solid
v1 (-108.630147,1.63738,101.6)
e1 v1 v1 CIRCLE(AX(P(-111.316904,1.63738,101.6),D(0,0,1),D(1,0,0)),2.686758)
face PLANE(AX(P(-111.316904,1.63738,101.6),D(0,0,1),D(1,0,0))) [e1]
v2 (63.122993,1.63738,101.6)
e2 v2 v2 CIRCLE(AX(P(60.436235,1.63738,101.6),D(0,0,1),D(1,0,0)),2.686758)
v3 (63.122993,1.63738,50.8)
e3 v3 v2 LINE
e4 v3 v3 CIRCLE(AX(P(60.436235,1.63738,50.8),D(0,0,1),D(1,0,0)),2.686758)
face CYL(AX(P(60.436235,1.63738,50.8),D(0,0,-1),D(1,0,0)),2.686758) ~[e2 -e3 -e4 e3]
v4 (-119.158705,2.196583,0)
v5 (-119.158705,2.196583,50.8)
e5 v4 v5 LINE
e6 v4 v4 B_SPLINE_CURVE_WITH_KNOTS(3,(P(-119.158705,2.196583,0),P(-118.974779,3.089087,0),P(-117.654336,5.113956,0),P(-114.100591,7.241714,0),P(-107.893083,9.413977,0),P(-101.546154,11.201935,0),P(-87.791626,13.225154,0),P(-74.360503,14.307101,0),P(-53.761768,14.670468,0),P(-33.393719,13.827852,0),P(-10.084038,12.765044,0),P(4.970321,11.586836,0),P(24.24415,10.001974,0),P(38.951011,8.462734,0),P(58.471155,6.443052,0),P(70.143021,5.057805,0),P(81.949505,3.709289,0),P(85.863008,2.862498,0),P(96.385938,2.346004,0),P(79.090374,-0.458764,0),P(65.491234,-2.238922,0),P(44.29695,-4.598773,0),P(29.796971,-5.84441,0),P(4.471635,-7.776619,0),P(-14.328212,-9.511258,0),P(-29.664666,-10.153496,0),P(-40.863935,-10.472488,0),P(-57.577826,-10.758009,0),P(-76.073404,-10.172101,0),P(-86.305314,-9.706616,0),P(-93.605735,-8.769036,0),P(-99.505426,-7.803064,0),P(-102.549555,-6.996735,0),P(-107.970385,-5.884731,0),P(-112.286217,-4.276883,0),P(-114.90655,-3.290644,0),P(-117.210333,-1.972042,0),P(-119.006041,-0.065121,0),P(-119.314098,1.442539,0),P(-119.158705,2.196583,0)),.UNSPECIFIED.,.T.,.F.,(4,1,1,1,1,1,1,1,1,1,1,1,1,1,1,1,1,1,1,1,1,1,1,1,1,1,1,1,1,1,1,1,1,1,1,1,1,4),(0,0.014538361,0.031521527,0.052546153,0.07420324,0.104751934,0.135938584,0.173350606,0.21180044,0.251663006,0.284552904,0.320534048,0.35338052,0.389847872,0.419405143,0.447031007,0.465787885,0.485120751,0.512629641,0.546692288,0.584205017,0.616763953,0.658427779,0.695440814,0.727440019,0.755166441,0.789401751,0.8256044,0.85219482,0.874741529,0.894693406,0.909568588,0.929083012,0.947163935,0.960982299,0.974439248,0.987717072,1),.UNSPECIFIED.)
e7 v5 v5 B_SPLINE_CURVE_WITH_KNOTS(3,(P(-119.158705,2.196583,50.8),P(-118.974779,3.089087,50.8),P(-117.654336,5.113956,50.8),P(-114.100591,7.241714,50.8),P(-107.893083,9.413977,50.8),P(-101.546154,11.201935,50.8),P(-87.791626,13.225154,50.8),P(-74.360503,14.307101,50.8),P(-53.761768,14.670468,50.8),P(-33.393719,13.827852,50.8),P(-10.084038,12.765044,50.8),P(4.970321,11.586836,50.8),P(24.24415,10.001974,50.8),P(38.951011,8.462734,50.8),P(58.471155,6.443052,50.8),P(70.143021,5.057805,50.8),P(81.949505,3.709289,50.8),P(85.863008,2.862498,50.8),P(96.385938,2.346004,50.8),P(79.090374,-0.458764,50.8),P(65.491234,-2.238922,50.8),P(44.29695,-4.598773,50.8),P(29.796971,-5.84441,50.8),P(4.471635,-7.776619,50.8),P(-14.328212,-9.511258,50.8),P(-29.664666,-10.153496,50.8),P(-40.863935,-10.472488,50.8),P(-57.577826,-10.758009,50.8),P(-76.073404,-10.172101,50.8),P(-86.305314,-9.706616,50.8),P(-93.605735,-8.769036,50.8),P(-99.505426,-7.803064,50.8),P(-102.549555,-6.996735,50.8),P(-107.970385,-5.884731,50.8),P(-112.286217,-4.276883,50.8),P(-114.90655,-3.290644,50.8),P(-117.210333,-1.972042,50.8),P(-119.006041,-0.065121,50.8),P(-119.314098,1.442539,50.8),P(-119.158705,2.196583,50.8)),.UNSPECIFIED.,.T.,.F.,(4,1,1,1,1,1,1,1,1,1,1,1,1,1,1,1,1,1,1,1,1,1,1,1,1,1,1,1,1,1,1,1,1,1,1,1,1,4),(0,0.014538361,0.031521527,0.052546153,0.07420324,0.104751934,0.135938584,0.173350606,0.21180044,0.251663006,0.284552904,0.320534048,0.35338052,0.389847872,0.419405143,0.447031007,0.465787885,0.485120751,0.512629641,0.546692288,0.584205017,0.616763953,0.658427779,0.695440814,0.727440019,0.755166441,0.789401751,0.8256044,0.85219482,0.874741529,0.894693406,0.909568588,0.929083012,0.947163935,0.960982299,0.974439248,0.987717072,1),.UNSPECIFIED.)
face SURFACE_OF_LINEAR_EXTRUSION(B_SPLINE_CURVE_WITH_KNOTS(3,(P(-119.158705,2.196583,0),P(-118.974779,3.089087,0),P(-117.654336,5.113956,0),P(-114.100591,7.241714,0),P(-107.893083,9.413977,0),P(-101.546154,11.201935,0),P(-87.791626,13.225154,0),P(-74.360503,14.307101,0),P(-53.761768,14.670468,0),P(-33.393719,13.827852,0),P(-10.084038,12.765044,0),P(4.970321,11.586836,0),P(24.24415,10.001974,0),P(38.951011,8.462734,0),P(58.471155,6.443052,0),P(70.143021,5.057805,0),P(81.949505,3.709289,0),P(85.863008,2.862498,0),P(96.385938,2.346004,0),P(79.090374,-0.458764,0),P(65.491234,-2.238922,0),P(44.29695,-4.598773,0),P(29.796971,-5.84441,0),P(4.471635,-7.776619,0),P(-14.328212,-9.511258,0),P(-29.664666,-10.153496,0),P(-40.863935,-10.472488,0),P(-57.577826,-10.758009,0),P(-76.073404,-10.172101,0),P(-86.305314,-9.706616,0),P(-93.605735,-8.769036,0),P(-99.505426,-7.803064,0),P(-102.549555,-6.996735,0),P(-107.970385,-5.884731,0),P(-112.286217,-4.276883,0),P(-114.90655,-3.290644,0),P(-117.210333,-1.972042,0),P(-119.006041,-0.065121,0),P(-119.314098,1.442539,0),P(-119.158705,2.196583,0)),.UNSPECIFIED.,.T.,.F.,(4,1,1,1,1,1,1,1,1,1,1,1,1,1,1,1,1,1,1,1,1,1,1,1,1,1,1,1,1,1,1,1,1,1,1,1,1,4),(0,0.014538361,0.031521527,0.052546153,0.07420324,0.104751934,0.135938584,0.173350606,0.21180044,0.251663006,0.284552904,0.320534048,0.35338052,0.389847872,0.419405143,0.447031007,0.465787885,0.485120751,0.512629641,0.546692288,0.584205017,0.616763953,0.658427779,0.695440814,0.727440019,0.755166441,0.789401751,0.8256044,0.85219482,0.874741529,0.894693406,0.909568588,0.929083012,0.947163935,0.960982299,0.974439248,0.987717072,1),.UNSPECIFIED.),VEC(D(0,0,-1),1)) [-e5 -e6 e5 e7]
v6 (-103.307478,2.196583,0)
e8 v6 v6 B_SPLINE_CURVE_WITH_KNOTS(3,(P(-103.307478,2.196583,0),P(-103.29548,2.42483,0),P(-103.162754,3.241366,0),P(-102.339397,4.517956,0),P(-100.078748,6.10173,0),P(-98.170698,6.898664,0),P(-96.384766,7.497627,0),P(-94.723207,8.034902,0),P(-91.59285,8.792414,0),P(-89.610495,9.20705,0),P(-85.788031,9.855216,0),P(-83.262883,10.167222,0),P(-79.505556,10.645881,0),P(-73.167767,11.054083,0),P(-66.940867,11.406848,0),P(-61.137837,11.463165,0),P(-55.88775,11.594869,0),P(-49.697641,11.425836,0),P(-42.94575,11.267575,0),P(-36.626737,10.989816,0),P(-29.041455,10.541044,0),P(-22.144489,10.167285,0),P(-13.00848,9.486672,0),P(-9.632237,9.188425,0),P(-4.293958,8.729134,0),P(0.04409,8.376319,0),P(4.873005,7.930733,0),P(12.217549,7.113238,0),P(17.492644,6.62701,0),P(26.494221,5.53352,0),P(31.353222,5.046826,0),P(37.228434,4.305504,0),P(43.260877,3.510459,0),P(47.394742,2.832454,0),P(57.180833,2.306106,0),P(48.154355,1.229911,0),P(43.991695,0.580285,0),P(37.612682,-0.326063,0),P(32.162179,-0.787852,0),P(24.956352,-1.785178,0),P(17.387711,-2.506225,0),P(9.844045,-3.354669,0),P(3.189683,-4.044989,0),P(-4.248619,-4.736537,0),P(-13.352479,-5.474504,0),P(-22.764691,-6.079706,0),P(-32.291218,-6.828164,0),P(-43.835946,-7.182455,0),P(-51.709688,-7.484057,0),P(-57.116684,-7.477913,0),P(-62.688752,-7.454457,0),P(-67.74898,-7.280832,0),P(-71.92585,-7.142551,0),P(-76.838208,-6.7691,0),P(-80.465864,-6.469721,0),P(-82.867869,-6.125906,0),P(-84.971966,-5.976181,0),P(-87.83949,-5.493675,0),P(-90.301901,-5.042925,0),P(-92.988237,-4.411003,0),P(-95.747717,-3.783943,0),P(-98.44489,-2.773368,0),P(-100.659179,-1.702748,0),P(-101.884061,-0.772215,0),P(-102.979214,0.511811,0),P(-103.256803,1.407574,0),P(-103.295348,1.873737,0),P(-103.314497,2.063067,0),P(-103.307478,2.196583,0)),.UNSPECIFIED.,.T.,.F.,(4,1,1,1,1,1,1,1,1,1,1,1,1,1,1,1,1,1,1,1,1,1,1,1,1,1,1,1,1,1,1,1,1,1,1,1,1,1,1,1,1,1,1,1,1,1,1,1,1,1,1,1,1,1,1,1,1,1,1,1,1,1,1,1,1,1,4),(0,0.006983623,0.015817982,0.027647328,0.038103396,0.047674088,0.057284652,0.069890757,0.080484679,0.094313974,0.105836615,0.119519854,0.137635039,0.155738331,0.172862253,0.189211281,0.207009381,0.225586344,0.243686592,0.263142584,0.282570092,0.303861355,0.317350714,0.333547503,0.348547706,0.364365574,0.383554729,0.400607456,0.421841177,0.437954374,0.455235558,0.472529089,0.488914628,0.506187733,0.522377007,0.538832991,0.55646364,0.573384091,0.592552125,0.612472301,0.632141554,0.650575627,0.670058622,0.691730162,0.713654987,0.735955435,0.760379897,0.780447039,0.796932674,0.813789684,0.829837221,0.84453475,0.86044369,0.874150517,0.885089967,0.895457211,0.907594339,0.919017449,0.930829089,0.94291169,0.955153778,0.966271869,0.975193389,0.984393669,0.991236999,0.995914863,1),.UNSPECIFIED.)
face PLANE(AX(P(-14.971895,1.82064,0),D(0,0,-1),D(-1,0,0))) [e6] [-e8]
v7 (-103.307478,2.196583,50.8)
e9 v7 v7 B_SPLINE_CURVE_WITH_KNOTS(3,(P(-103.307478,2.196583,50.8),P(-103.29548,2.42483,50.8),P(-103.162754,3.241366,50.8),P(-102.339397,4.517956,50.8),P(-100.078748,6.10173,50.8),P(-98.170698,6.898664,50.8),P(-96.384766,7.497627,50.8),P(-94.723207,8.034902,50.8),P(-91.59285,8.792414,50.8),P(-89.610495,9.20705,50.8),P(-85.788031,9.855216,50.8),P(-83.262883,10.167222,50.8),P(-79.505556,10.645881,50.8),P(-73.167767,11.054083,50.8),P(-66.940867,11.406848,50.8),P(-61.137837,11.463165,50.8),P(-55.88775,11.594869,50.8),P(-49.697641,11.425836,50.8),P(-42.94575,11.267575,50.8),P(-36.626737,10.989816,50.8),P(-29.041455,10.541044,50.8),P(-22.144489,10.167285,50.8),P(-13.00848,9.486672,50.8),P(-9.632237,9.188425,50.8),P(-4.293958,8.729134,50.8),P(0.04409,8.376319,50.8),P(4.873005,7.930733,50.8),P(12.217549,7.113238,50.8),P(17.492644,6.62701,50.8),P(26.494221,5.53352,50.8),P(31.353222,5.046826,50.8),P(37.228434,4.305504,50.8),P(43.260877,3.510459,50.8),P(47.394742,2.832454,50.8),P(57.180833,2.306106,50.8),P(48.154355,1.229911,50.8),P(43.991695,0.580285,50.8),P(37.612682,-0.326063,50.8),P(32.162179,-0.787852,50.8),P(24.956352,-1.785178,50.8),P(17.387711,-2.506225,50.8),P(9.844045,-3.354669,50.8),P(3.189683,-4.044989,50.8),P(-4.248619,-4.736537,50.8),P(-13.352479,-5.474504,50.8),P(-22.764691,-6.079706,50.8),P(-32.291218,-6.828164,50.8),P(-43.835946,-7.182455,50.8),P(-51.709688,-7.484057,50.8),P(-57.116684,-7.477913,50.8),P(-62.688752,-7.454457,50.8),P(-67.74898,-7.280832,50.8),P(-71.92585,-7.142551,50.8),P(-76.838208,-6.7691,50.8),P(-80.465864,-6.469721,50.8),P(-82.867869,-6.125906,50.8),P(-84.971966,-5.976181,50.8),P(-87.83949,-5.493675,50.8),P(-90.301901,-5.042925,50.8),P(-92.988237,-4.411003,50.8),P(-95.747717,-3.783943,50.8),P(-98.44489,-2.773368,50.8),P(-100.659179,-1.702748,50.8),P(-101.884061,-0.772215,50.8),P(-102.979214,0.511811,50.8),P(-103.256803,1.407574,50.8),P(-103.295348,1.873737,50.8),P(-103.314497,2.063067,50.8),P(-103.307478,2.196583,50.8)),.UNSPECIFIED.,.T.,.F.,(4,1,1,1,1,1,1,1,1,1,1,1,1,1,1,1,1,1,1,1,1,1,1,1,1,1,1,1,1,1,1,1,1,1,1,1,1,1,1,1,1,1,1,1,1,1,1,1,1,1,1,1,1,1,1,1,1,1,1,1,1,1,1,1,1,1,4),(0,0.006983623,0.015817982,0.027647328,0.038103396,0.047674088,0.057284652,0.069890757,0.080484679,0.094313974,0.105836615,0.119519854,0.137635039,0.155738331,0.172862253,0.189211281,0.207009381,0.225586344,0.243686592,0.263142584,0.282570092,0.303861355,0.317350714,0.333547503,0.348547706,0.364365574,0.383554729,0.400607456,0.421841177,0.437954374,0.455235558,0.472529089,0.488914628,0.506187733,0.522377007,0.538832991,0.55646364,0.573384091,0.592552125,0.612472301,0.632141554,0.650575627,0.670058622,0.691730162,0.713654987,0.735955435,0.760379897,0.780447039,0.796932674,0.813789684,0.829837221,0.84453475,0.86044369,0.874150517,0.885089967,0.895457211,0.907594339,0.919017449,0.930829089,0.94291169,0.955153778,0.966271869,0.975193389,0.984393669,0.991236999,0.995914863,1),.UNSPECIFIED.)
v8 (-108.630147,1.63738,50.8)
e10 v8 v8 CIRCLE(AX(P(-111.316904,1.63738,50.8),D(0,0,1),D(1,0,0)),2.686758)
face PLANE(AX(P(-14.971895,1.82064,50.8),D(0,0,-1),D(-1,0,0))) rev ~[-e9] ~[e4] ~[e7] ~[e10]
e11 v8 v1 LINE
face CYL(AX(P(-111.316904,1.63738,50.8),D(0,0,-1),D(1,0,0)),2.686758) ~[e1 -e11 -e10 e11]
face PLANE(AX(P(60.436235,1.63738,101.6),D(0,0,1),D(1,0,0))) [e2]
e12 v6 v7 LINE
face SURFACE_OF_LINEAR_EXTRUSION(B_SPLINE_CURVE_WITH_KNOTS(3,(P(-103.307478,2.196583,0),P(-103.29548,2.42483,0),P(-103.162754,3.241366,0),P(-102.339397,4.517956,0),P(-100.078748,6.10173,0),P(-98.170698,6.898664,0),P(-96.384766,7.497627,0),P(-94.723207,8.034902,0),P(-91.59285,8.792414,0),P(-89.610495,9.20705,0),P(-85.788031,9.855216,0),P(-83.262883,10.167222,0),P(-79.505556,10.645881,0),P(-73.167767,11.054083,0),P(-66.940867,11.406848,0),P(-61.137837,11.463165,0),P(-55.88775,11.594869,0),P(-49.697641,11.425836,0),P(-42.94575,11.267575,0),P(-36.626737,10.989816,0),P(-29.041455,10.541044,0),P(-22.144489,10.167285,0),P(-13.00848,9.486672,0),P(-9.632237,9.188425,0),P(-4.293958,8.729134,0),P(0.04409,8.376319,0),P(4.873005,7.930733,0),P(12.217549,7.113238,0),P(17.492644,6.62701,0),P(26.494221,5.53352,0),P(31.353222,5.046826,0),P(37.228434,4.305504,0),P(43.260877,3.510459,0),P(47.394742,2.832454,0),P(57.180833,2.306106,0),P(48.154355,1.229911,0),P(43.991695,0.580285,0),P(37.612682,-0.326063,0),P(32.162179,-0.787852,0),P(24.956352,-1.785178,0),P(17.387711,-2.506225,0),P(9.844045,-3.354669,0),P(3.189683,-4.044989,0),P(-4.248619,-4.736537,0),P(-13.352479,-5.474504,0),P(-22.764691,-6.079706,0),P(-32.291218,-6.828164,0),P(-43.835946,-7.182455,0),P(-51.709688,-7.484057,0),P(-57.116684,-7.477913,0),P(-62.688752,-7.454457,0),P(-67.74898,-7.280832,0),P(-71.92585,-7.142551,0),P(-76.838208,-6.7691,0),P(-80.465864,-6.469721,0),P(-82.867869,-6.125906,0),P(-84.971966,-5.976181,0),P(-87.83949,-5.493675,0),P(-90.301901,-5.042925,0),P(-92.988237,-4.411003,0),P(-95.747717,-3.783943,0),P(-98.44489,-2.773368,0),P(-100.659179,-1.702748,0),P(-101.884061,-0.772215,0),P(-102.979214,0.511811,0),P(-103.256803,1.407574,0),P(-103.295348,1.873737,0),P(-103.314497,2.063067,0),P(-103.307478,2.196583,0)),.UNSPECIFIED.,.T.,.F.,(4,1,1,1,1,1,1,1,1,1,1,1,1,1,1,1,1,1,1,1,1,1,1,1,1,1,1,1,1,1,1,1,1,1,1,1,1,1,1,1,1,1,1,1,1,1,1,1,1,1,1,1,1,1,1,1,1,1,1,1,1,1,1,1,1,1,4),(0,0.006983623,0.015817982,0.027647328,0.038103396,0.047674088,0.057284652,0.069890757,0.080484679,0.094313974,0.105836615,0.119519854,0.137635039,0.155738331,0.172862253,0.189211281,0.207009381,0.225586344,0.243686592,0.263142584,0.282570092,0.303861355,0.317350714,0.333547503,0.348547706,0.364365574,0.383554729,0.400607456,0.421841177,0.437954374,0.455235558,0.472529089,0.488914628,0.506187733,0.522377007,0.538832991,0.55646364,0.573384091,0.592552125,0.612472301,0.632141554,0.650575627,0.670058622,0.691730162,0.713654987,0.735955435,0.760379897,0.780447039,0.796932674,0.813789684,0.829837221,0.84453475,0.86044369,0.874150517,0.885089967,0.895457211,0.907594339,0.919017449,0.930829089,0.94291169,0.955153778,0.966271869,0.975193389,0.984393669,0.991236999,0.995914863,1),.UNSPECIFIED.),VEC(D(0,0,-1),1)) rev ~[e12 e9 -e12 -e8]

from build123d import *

# Parameters (mm, degrees)
F1_DEPTH = 50.8
F2_R     = 2.6867576715
F3_DEPTH = 50.8


with BuildPart() as f1:
    # F0 (on Top) → F1 (new body)
    with BuildSketch(Plane.XY):
        with BuildLine():
            add(Edge.make_bspline(
                [(-119.1587049222, 2.1965827328), (-118.9747786113, 3.0890869227), (-117.654335862, 5.1139558368), (-114.1005908707, 7.2417144055), (-107.8930828281, 9.4139766414), (-101.5461542566, 11.2019352986), (-87.7916262642, 13.2251539783), (-74.3605026022, 14.3071007188), (-53.7617678598, 14.6704676728), (-33.3937188357, 13.82785177), (-10.0840382106, 12.7650441431), (4.9703207703, 11.5868358013), (24.244150175, 10.0019743729), (38.9510114689, 8.4627342293), (58.4711547984, 6.4430523404), (70.1430207166, 5.0578051318), (81.9495053951, 3.7092885727), (85.863007584, 2.8624983528), (96.3859378738, 2.3460040371), (79.0903739772, -0.4587638483), (65.4912339792, -2.2389221505), (44.2969503917, -4.5987728737), (29.7969710061, -5.8444095528), (4.4716354402, -7.7766186775), (-14.3282115997, -9.5112581682), (-29.6646661917, -10.1534957703), (-40.863935484, -10.4724876057), (-57.5778262405, -10.7580088439), (-76.0734042234, -10.1721007887), (-86.3053144393, -9.7066162907), (-93.6057351198, -8.7690355246), (-99.5054258009, -7.8030635623), (-102.5495551773, -6.9967353909), (-107.9703850518, -5.8847309034), (-112.2862173389, -4.2768828783), (-114.9065501896, -3.2906443605), (-117.2103326643, -1.9720417267), (-119.0060411711, -0.0651209442), (-119.3140975131, 1.4425386927), (-119.1587049222, 2.1965827328)],
                knots=[0, 0, 0, 0, 0.0145383614, 0.031521527, 0.0525461534, 0.07420324, 0.1047519338, 0.1359385841, 0.1733506061, 0.21180044, 0.251663006, 0.284552904, 0.3205340478, 0.3533805199, 0.3898478716, 0.4194051429, 0.4470310073, 0.4657878848, 0.4851207507, 0.5126296414, 0.5466922885, 0.5842050169, 0.6167639528, 0.6584277787, 0.6954408139, 0.7274400188, 0.755166441, 0.7894017506, 0.8256044003, 0.8521948204, 0.8747415286, 0.8946934059, 0.909568588, 0.9290830117, 0.9471639349, 0.9609822985, 0.9744392484, 0.9877170719, 1, 1, 1, 1], degree=3))
        make_face()
        with BuildLine():
            add(Edge.make_bspline(
                [(-103.3074781299, 2.1965827328), (-103.2954796985, 2.4248304866), (-103.1627540412, 3.2413661571), (-102.3393969784, 4.5179558608), (-100.0787481147, 6.1017303985), (-98.1706983806, 6.8986644489), (-96.384766213, 7.4976268049), (-94.7232074224, 8.0349016977), (-91.5928498579, 8.792413948), (-89.6104947074, 9.2070500269), (-85.7880311625, 9.8552161338), (-83.2628827771, 10.1672222789), (-79.5055559667, 10.6458806424), (-73.1677666118, 11.0540834488), (-66.9408673812, 11.4068477777), (-61.1378365088, 11.4631653124), (-55.8877504256, 11.5948690223), (-49.697641068, 11.4258360607), (-42.9457501147, 11.2675754363), (-36.6267372868, 10.9898161338), (-29.0414550731, 10.5410439815), (-22.1444885148, 10.1672850672), (-13.0084800399, 9.4866715845), (-9.6322369657, 9.1884248647), (-4.2939575974, 8.729133571), (0.0440903086, 8.3763185185), (4.8730054858, 7.9307331172), (12.2175487134, 7.1132383536), (17.4926440622, 6.6270098243), (26.4942212921, 5.5335195782), (31.3532220703, 5.0468262), (37.2284342457, 4.3055043244), (43.2608765778, 3.5104588125), (47.394741604, 2.8324539054), (57.1808328383, 2.3061064932), (48.1543554145, 1.2299112262), (43.9916945071, 0.5802848274), (37.6126815106, -0.3260628073), (32.1621792859, -0.7878520087), (24.956352282, -1.7851780846), (17.3877112704, -2.5062254518), (9.8440454778, -3.3546689201), (3.1896825014, -4.0449886843), (-4.2486187242, -4.7365369964), (-13.3524790286, -5.4745042271), (-22.7646908036, -6.0797058574), (-32.291218118, -6.8281643692), (-43.8359460244, -7.1824550417), (-51.7096877303, -7.4840568913), (-57.1166844678, -7.4779134694), (-62.6887524683, -7.4544571964), (-67.7489800024, -7.2808319064), (-71.9258503083, -7.1425511114), (-76.83820751, -6.7691004709), (-80.4658639549, -6.4697211861), (-82.8678691576, -6.1259060203), (-84.9719660232, -5.9761812982), (-87.8394897873, -5.4936745142), (-90.3019014691, -5.0429248261), (-92.9882372759, -4.411002955), (-95.7477168923, -3.7839433714), (-98.4448901307, -2.7733683423), (-100.6591785763, -1.7027476104), (-101.884060725, -0.7722148651), (-102.9792142901, 0.5118107968), (-103.2568033995, 1.4075743637), (-103.2953478678, 1.8737366916), (-103.3144967261, 2.0630670453), (-103.3074781299, 2.1965827328)],
                knots=[0, 0, 0, 0, 0.0069836231, 0.0158179815, 0.0276473284, 0.0381033964, 0.047674088, 0.057284652, 0.0698907569, 0.0804846787, 0.0943139741, 0.1058366149, 0.1195198542, 0.1376350394, 0.1557383307, 0.1728622529, 0.1892112814, 0.207009381, 0.2255863444, 0.2436865921, 0.2631425842, 0.2825700919, 0.3038613548, 0.3173507141, 0.3335475033, 0.3485477056, 0.3643655744, 0.3835547292, 0.400607456, 0.4218411766, 0.4379543741, 0.4552355577, 0.4725290895, 0.4889146284, 0.5061877332, 0.5223770066, 0.5388329909, 0.5564636404, 0.5733840908, 0.5925521249, 0.6124723011, 0.6321415543, 0.6505756267, 0.6700586221, 0.6917301625, 0.713654987, 0.7359554349, 0.7603798968, 0.7804470392, 0.796932674, 0.813789684, 0.8298372209, 0.8445347503, 0.8604436896, 0.8741505166, 0.8850899668, 0.895457211, 0.9075943389, 0.9190174493, 0.9308290887, 0.9429116896, 0.9551537784, 0.966271869, 0.975193389, 0.9843936692, 0.9912369988, 0.9959148634, 1, 1, 1, 1], degree=3))
        make_face(mode=Mode.SUBTRACT)
    extrude(amount=F1_DEPTH)

    # F2 (on face) → F3 (join)
    with BuildSketch(Plane.XY.offset(50.8)):
        with Locations((-111.3169044256, 1.6373802209)):
            Circle(F2_R)
        with Locations((60.4362350958, 1.6373802209)):
            Circle(F2_R)
    extrude(amount=F3_DEPTH)


solid = f1.part
